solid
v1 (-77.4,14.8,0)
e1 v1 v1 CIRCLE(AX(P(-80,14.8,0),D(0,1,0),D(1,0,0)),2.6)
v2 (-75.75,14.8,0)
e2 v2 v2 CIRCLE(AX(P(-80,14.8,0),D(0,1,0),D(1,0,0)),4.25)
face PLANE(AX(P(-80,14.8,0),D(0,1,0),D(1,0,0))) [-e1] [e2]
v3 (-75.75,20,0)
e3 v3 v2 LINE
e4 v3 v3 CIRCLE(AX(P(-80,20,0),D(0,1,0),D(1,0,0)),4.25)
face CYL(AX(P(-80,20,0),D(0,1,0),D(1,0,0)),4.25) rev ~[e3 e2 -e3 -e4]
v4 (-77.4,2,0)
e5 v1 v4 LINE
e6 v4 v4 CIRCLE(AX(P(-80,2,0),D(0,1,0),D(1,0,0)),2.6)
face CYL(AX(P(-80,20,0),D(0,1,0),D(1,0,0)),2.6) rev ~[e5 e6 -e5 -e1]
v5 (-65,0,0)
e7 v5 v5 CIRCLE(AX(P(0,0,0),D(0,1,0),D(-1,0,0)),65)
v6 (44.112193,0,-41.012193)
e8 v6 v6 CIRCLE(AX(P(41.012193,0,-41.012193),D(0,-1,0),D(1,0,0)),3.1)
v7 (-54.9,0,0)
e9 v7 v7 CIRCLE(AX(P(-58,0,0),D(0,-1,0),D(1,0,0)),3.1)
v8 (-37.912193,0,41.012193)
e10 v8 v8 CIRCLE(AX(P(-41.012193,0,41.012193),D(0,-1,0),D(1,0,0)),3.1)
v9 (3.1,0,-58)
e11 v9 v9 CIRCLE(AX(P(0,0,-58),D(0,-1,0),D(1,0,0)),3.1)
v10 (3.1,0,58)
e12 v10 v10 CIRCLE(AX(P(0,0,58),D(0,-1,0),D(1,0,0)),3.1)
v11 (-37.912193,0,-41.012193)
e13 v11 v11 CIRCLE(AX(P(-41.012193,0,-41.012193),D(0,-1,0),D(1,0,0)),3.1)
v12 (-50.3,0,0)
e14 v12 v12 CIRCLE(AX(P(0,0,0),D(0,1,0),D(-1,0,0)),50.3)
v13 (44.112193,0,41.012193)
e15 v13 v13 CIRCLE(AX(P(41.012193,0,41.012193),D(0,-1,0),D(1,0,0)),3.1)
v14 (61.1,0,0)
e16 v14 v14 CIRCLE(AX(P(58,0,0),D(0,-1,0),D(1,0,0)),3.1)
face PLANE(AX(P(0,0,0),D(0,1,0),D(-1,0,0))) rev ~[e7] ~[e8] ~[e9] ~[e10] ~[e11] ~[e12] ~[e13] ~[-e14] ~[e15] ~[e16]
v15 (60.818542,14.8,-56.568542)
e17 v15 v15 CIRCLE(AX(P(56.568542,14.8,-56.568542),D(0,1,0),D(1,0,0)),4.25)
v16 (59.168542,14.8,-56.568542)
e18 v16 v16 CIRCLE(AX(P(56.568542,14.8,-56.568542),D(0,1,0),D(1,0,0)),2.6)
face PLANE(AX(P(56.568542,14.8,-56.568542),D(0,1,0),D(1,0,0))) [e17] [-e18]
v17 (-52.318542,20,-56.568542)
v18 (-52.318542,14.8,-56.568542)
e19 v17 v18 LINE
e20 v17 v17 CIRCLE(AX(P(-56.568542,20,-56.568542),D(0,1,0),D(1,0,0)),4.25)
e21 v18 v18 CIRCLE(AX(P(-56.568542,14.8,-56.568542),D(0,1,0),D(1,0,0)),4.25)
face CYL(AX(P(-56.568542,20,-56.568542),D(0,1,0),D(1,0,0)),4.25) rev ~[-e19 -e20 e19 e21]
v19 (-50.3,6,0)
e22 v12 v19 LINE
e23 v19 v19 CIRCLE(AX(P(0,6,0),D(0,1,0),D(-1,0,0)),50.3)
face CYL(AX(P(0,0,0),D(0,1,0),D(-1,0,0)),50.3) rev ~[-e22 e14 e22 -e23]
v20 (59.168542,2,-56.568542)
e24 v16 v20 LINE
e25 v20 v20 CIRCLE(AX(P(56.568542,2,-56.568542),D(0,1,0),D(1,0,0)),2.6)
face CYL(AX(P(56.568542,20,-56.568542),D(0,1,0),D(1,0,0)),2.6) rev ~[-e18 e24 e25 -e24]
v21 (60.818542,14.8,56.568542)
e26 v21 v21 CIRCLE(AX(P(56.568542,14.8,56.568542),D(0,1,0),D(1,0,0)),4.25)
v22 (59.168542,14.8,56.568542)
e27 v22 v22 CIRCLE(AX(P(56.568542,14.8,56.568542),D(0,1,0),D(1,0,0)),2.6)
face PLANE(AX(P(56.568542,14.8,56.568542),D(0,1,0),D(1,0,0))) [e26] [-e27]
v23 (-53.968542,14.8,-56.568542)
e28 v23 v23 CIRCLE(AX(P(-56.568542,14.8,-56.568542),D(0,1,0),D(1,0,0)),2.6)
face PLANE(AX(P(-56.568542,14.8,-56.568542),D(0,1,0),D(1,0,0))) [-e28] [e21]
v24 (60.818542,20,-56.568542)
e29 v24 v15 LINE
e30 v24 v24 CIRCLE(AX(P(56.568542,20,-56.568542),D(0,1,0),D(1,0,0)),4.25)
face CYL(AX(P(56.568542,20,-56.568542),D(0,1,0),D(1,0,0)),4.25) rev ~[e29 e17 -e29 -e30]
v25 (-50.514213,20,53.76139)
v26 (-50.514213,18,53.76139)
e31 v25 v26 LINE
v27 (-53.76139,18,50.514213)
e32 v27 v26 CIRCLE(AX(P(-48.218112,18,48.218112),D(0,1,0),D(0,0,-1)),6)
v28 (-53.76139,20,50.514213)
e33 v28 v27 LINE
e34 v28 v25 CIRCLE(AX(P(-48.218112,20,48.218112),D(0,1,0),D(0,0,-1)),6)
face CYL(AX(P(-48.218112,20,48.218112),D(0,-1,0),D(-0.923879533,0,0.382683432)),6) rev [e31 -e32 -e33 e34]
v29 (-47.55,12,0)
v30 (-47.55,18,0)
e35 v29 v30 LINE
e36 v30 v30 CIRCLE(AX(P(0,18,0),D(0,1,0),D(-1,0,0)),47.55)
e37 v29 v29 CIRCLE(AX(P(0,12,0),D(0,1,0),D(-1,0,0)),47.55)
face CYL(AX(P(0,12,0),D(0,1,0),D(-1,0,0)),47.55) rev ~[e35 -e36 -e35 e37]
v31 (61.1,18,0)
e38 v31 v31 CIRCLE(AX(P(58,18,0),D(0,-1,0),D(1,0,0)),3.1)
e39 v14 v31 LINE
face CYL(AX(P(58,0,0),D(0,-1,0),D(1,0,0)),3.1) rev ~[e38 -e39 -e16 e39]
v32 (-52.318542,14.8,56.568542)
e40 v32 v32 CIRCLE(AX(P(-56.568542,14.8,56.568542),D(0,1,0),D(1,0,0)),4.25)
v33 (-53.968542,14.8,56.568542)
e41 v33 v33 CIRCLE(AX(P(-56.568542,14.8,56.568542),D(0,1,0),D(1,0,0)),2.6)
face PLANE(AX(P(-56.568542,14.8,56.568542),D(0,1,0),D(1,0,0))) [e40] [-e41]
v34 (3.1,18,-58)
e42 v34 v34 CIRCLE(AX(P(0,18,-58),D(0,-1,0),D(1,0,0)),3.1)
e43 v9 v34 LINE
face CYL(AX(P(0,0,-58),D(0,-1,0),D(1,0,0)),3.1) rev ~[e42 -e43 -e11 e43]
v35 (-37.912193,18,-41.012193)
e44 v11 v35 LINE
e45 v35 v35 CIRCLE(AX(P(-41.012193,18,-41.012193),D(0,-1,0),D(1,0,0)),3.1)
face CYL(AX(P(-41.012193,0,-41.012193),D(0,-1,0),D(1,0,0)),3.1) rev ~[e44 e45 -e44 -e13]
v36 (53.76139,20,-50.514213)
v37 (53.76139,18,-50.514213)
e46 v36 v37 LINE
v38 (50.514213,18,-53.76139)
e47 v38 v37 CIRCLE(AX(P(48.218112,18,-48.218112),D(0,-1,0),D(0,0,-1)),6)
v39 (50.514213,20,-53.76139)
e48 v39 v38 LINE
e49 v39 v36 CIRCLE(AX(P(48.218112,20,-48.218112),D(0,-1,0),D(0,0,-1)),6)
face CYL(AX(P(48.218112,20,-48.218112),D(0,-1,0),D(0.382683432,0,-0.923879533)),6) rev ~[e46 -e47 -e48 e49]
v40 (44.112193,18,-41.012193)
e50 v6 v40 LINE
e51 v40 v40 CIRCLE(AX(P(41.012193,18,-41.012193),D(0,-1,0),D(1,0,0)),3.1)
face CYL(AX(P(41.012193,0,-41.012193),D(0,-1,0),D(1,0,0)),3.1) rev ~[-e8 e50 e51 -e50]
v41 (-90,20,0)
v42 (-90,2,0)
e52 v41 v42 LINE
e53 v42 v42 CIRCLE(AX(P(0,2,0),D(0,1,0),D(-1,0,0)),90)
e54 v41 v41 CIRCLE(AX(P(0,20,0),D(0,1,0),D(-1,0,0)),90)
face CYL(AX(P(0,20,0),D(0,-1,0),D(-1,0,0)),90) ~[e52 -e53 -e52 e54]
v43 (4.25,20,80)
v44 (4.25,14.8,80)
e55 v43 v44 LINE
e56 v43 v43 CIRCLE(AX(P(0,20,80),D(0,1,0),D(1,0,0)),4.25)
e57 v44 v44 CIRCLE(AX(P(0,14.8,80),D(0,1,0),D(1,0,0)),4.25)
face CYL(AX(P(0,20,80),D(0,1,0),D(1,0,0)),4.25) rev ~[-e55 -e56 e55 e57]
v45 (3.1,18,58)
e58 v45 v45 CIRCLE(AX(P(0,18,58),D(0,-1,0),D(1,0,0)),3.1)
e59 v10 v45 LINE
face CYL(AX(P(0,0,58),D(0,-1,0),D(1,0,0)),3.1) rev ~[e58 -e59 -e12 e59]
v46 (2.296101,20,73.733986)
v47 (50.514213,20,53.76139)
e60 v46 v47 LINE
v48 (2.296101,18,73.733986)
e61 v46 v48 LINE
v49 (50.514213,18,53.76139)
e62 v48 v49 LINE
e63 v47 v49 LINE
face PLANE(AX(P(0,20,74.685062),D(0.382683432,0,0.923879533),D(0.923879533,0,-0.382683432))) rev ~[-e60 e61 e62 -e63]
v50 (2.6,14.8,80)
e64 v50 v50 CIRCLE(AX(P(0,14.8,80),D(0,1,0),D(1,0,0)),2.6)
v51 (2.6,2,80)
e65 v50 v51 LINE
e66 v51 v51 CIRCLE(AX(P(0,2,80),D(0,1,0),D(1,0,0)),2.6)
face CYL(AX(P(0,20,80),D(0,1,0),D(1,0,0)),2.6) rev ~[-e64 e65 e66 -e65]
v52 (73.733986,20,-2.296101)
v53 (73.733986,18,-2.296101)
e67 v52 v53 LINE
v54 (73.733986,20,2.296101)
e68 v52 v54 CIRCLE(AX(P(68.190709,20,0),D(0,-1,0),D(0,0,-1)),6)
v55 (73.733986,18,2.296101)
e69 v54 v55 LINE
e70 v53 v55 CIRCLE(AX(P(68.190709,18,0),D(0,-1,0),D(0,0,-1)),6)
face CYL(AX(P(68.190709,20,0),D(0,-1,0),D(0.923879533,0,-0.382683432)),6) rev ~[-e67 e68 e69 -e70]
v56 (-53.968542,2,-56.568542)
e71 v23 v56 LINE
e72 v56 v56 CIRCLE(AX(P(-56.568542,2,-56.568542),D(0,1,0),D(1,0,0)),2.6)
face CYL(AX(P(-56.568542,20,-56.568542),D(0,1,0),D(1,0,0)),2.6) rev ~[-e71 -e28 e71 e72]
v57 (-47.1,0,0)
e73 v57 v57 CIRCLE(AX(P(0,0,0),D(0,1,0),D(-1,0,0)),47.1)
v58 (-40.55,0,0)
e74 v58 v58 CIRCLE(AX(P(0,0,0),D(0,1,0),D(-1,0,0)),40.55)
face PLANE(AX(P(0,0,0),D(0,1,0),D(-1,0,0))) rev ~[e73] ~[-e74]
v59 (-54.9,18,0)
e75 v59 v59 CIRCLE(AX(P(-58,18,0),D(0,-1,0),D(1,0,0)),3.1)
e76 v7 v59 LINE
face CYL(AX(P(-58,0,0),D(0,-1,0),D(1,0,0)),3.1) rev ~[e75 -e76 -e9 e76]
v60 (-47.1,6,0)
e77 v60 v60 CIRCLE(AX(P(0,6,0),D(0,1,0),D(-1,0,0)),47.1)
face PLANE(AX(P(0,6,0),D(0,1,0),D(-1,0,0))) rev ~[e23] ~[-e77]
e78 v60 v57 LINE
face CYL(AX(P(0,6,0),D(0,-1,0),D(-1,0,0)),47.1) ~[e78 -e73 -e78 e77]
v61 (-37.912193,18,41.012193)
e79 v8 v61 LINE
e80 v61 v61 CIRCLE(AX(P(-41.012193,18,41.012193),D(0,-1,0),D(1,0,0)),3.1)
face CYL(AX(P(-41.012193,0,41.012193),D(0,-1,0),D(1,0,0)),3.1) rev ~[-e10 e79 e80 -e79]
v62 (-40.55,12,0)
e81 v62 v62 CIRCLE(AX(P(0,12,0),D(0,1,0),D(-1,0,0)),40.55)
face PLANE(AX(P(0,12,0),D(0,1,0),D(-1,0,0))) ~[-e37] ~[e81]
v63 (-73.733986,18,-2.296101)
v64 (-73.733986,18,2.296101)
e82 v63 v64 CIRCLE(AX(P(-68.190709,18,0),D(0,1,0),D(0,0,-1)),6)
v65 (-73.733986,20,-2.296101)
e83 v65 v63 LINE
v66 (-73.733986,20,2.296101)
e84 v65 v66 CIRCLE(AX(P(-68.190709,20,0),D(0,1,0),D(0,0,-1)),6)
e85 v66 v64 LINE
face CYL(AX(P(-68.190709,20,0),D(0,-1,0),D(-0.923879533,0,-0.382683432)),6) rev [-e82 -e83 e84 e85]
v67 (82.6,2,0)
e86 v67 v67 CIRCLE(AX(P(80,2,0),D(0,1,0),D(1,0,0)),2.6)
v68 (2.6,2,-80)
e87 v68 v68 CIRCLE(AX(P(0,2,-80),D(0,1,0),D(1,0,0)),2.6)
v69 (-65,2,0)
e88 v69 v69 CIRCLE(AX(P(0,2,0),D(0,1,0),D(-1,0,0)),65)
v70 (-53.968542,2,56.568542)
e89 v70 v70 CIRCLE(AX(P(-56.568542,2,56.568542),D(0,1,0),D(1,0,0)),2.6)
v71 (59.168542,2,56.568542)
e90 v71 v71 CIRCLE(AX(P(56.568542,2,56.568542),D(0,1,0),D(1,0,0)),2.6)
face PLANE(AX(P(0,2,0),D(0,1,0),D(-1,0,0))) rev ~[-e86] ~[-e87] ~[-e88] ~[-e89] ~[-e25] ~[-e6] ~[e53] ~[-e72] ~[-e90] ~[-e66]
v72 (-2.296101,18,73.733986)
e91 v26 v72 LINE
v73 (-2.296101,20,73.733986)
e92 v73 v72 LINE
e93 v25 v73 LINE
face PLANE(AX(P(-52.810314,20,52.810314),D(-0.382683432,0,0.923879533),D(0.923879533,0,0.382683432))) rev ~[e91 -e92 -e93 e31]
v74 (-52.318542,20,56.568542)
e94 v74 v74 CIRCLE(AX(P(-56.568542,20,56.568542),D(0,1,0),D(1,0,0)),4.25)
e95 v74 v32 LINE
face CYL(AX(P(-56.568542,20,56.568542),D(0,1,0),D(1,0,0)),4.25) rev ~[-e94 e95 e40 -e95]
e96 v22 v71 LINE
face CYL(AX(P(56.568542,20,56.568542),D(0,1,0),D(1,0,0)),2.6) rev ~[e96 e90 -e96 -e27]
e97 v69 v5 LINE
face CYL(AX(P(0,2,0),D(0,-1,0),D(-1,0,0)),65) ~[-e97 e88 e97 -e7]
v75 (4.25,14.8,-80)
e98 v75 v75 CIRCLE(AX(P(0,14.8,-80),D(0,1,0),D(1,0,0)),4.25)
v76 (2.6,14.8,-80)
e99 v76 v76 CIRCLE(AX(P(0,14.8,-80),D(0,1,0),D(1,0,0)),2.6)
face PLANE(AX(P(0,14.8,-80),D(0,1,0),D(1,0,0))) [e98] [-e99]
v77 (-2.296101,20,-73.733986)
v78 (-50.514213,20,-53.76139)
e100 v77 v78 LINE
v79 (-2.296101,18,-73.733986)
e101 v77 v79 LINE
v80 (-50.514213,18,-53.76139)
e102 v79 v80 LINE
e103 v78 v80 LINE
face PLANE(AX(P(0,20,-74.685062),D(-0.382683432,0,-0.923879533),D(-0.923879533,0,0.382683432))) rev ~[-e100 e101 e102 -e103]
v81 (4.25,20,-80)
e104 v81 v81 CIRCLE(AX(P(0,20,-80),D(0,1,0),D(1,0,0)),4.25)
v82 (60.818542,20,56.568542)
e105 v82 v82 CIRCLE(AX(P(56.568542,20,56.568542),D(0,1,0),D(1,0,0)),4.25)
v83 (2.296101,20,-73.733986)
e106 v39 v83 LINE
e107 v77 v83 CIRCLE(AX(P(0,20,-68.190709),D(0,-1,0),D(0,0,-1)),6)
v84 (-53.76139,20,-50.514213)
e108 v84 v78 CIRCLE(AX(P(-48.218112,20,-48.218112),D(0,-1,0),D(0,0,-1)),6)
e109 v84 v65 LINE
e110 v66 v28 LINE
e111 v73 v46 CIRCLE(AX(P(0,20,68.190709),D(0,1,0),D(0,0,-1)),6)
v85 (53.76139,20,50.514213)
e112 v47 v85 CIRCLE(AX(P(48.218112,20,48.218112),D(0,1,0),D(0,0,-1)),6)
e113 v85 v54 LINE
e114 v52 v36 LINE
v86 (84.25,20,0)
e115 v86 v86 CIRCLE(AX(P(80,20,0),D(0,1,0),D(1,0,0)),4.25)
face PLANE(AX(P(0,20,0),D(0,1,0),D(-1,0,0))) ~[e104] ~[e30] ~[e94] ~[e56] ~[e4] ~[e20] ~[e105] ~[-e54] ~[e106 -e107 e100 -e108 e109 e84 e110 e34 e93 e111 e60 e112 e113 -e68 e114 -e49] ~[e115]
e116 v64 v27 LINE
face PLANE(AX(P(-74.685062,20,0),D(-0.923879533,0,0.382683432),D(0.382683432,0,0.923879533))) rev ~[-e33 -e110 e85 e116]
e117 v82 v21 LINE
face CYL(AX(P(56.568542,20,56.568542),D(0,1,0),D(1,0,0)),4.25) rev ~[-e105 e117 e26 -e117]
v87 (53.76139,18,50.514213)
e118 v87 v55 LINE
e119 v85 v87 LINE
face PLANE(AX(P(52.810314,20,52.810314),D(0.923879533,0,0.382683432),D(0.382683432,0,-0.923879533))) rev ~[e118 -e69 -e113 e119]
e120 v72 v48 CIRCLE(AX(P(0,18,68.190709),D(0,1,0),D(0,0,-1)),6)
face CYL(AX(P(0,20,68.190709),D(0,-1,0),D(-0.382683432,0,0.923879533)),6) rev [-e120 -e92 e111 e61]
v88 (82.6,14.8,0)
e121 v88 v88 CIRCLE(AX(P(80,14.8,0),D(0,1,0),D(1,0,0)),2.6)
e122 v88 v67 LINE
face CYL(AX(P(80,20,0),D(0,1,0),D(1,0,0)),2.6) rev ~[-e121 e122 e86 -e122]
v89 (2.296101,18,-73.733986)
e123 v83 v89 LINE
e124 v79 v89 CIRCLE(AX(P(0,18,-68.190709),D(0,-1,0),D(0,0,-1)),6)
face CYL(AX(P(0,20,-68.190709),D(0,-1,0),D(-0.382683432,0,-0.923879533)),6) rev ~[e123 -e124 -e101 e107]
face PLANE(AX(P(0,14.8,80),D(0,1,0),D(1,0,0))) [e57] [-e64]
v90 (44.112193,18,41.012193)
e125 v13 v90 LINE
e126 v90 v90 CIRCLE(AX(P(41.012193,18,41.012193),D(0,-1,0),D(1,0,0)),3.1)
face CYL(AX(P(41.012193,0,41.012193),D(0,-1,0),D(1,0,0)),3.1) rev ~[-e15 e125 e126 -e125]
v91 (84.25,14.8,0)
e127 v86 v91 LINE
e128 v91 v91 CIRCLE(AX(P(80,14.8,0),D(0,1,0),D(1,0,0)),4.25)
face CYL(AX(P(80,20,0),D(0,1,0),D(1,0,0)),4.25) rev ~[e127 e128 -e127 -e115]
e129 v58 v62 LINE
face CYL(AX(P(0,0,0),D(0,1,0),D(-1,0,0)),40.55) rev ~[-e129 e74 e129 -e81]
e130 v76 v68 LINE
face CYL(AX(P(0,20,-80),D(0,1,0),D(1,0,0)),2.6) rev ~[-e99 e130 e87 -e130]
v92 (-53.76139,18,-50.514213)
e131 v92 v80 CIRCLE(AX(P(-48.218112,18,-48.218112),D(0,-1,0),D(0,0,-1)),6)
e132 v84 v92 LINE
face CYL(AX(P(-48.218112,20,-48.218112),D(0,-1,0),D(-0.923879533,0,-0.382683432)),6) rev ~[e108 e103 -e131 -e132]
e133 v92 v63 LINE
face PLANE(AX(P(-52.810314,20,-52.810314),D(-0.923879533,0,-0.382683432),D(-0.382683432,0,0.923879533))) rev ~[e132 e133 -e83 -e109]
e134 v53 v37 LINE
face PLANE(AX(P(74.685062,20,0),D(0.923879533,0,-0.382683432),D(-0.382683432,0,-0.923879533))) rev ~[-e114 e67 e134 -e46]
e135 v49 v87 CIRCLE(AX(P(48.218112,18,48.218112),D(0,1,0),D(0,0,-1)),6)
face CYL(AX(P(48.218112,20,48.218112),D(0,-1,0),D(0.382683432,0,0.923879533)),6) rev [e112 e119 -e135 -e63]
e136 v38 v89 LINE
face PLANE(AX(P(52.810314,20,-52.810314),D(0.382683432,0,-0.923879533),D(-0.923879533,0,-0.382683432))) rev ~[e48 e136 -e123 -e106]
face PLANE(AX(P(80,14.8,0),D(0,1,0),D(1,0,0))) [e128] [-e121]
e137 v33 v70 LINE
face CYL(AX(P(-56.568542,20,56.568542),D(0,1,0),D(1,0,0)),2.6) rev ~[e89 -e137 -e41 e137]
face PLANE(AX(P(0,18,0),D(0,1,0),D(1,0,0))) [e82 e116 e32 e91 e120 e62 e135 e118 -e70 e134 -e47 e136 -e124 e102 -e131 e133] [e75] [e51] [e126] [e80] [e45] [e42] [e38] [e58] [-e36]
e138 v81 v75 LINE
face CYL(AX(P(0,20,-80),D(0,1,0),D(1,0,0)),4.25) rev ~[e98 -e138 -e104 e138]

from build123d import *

# Parameters (mm, degrees)
ESQUISSE2_R             = 3.1
ENL_V_MAT_EXTRU_1_DEPTH = 21
ENL_V_MAT_EXTRU_2_DEPTH = 2
ESQUISSE4_R             = 2.6
ENL_V_MAT_EXTRU_3_DEPTH = 21
ESQUISSE5_R             = 4.25
ENL_V_MAT_EXTRU_4_DEPTH = 5.2
CONG_1_R                = 6


with BuildPart() as part:
    # Esquisse1 → Révolution1 (revolve)
    with BuildSketch(Plane.XY):
        Polygon((-40.55, 0), (-40.55, 12), (-47.55, 12), (-47.55, 20), (-65, 20), (-90, 20), (-90, 2), (-65, 2), (-65, 0), (-50.3, 0), (-50.3, 6), (-47.1, 6), (-47.1, 0), align=None)
    revolve(axis=Axis((0, 0, 0), (0, 1, 0)))

    # Esquisse2 → Enlèv. mat.-Extru.1 (cut, through all)
    with BuildSketch(Plane.XZ):
        with Locations((0, 58)):
            Circle(ESQUISSE2_R)
        with Locations((41.012193309, 41.012193309)):
            Circle(ESQUISSE2_R)
        with Locations((58, 0)):
            Circle(ESQUISSE2_R)
        with Locations((41.012193309, -41.012193309)):
            Circle(ESQUISSE2_R)
        with Locations((0, -58)):
            Circle(ESQUISSE2_R)
        with Locations((-41.012193309, -41.012193309)):
            Circle(ESQUISSE2_R)
        with Locations((-58, 0)):
            Circle(ESQUISSE2_R)
        with Locations((-41.012193309, 41.012193309)):
            Circle(ESQUISSE2_R)
    extrude(amount=-ENL_V_MAT_EXTRU_1_DEPTH, mode=Mode.SUBTRACT)

    # Esquisse3 → Enlèv. mat.-Extru.2 (cut)
    with BuildSketch(Plane(origin=(0, 20, 0), x_dir=(1, 0, 0), z_dir=(0, 1, 0))):
        Polygon((-52.810313666, 52.810313666), (-74.68506182, 0), (-52.810313666, -52.810313666), (0, -74.68506182), (52.810313666, -52.810313666), (74.68506182, 0), (52.810313666, 52.810313666), (0, 74.68506182), align=None)
    extrude(amount=-ENL_V_MAT_EXTRU_2_DEPTH, mode=Mode.SUBTRACT)

    # Esquisse4 → Enlèv. mat.-Extru.3 (cut, through all)
    with BuildSketch(Plane(origin=(0, 20, 0), x_dir=(1, 0, 0), z_dir=(0, 1, 0))):
        with Locations((0, 80)):
            Circle(ESQUISSE4_R)
        with Locations((56.568542495, 56.568542495)):
            Circle(ESQUISSE4_R)
        with Locations((80, 0)):
            Circle(ESQUISSE4_R)
        with Locations((56.568542495, -56.568542495)):
            Circle(ESQUISSE4_R)
        with Locations((0, -80)):
            Circle(ESQUISSE4_R)
        with Locations((-56.568542495, -56.568542495)):
            Circle(ESQUISSE4_R)
        with Locations((-80, 0)):
            Circle(ESQUISSE4_R)
        with Locations((-56.568542495, 56.568542495)):
            Circle(ESQUISSE4_R)
    extrude(amount=-ENL_V_MAT_EXTRU_3_DEPTH, mode=Mode.SUBTRACT)

    # Esquisse5 → Enlèv. mat.-Extru.4 (cut)
    with BuildSketch(Plane(origin=(0, 20, 0), x_dir=(1, 0, 0), z_dir=(0, 1, 0))):
        with Locations((0, 80)):
            Circle(ESQUISSE5_R)
        with Locations((56.568542495, 56.568542495)):
            Circle(ESQUISSE5_R)
        with Locations((80, 0)):
            Circle(ESQUISSE5_R)
        with Locations((56.568542495, -56.568542495)):
            Circle(ESQUISSE5_R)
        with Locations((0, -80)):
            Circle(ESQUISSE5_R)
        with Locations((-56.568542495, -56.568542495)):
            Circle(ESQUISSE5_R)
        with Locations((-80, 0)):
            Circle(ESQUISSE5_R)
        with Locations((-56.568542495, 56.568542495)):
            Circle(ESQUISSE5_R)
    extrude(amount=-ENL_V_MAT_EXTRU_4_DEPTH, mode=Mode.SUBTRACT)

    # Congé1
    cong_1_edges = [part.edges().sort_by_distance(p)[0] for p in [
        (-52.810313666, 19, 52.810313666),
        (-74.68506182, 19, 0),
        (-52.810313666, 19, -52.810313666),
        (0, 19, -74.68506182),
        (52.810313666, 19, -52.810313666),
        (74.68506182, 19, 0),
        (52.810313666, 19, 52.810313666),
        (0, 19, 74.68506182),
    ]]
    fillet(cong_1_edges, radius=CONG_1_R)


solid = part.part
